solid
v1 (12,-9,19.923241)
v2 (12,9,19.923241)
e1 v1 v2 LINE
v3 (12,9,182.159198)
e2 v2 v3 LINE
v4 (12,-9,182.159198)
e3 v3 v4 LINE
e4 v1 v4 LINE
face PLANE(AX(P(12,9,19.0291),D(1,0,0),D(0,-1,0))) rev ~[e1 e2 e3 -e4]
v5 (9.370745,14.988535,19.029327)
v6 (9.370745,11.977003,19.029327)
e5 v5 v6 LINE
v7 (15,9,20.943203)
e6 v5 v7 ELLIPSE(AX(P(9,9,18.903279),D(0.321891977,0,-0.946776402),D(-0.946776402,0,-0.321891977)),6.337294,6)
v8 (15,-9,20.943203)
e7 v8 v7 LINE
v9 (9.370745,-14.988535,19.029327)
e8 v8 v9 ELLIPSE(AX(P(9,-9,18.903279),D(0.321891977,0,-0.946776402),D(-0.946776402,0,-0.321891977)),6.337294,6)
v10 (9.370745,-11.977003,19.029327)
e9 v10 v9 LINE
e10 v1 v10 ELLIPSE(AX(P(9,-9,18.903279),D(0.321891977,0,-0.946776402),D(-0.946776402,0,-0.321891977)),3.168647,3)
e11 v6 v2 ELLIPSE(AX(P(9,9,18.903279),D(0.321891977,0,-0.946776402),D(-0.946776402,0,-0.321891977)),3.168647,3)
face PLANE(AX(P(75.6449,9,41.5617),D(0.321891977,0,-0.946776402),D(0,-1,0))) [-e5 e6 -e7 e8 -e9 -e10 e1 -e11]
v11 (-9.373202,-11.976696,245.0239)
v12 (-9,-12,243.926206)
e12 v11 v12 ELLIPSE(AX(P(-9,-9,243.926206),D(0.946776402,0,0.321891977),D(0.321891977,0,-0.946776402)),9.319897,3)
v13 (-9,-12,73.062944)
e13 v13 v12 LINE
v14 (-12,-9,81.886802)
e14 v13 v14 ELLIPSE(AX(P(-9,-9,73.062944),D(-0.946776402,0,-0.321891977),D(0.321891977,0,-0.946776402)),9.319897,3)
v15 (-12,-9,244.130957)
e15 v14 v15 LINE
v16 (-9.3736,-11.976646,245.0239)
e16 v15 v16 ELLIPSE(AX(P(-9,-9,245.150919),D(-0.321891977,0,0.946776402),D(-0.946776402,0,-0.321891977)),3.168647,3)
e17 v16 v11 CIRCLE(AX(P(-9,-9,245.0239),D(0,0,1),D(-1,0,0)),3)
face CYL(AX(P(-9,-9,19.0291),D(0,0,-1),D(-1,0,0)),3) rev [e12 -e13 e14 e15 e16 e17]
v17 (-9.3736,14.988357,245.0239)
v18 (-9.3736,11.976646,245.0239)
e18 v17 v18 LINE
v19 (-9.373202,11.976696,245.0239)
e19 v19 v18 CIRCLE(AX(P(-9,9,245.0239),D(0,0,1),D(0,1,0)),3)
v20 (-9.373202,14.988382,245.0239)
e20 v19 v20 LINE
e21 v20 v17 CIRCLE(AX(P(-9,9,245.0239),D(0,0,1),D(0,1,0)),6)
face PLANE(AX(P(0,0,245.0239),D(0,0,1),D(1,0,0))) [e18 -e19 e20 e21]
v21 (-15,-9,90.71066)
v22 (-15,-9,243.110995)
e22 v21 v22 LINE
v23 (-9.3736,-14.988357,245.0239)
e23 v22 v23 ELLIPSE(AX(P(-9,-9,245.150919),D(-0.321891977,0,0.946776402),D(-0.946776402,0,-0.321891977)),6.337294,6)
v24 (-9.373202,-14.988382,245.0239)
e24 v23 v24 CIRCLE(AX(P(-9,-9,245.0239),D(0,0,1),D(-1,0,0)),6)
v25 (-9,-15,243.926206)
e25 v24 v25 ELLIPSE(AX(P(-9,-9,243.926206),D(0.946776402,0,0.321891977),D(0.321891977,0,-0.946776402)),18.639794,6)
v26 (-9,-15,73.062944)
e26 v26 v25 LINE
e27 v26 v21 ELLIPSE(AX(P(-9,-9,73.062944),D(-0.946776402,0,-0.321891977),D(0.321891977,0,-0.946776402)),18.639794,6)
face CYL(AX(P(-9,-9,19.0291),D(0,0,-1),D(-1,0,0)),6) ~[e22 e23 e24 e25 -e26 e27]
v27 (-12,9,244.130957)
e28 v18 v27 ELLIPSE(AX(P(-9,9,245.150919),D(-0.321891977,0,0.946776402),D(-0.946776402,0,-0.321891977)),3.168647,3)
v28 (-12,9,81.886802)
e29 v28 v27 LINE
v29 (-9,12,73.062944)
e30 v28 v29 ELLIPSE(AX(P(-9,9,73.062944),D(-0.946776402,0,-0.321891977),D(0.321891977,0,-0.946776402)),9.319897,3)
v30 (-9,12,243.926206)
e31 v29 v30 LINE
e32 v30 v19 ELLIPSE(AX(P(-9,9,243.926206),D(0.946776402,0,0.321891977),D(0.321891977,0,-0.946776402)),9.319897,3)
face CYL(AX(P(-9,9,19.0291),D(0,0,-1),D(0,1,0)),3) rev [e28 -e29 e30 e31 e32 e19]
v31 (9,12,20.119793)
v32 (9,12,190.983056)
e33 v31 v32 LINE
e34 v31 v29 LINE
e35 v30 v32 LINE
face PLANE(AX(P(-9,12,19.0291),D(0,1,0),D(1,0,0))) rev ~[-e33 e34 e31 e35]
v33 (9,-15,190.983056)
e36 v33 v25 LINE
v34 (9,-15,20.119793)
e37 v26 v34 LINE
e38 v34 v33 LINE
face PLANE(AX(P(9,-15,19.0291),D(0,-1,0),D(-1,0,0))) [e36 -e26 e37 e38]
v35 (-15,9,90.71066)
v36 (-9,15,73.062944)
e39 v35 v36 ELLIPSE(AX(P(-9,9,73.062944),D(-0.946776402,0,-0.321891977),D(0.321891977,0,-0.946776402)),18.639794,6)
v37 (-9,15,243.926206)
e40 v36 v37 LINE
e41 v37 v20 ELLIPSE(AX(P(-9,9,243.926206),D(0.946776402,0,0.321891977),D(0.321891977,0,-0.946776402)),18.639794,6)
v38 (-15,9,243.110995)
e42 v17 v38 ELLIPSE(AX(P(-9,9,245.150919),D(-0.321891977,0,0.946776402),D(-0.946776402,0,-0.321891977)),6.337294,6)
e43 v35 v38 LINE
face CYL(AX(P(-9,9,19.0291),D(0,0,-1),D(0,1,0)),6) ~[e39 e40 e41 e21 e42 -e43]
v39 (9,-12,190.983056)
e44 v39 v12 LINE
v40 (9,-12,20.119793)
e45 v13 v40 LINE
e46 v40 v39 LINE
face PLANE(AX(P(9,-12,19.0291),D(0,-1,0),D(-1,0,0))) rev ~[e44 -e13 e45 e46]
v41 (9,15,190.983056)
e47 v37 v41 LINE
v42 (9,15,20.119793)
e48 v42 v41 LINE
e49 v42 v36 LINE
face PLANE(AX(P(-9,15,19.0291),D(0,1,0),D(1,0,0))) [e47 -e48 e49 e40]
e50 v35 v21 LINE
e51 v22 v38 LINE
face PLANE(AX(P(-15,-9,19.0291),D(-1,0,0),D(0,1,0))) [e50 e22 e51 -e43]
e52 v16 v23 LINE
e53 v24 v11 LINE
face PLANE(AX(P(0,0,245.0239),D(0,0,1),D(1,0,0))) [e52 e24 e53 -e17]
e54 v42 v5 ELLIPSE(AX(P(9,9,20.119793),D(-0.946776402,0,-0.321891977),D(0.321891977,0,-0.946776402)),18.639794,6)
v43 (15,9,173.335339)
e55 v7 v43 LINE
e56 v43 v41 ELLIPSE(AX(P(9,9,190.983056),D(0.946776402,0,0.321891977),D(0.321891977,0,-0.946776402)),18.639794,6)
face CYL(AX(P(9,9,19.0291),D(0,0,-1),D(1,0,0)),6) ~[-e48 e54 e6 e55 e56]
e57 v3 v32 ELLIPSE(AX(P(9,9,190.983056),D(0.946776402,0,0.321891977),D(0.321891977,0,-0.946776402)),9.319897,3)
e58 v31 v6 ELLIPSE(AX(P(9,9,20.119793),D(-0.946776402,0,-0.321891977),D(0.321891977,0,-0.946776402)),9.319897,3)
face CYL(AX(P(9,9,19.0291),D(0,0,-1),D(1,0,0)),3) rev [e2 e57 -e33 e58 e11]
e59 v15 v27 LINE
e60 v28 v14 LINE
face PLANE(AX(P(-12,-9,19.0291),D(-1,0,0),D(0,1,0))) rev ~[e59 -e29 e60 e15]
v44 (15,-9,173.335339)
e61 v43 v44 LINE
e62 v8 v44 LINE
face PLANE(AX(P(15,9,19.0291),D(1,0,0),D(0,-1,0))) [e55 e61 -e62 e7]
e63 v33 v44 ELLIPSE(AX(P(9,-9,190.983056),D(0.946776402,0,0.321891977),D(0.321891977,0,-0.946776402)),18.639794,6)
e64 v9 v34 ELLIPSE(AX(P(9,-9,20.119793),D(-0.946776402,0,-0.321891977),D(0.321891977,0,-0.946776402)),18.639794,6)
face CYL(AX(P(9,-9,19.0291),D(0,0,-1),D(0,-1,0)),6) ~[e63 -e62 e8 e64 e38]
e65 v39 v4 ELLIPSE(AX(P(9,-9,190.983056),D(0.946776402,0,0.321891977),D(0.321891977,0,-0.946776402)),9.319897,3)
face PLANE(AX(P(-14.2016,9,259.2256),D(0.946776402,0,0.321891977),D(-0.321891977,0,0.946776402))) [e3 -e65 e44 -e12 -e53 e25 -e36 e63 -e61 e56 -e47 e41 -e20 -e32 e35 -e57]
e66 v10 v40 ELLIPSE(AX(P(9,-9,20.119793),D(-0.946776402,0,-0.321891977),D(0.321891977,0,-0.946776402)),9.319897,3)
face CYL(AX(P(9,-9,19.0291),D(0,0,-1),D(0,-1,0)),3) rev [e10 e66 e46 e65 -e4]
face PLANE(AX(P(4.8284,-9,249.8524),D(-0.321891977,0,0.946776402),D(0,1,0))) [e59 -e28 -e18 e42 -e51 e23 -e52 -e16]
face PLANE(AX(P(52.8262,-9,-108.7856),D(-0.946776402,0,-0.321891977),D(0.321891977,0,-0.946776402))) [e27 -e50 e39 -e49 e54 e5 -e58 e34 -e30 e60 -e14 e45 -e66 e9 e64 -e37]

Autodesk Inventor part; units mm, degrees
ref_plane "Start Plane" through (0, 0, 19.0291) normal (0, 0, 1) x (1, 0, 0)
ref_plane "End Plane" through (0, 0, 245.024) normal (0, 0, 1) x (1, 0, 0)
sketch "Sketch" plane through (0, 0, 0) normal (0, 0, 1) x (1, 0, 0)
  line L0 (-15, -9) -> (-15, 9)
  line L1 (-9, 15) -> (9, 15)
  line L2 (15, 9) -> (15, -9)
  line L3 (9, -15) -> (-9, -15)
  arc A0 (-15, -9) -> (-9, -15) centre (-9, -9) ccw
  arc A1 (-9, 15) -> (-15, 9) centre (-9, 9) ccw
  arc A2 (15, 9) -> (9, 15) centre (9, 9) ccw
  arc A3 (9, -15) -> (15, -9) centre (9, -9) ccw
  arc A4 (-9, 12) -> (-12, 9) centre (-9, 9) ccw
  line L4 (-9, 12) -> (9, 12)
  arc A5 (12, 9) -> (9, 12) centre (9, 9) ccw
  line L5 (12, 9) -> (12, -9)
  arc A6 (9, -12) -> (12, -9) centre (9, -9) ccw
  line L6 (9, -12) -> (-9, -12)
  arc A7 (-12, -9) -> (-9, -12) centre (-9, -9) ccw
  line L7 (-12, -9) -> (-12, 9)
  line L8 (0, 22.7397) -> (0, -22.7397) construction
  line L9 (-22.7397, 0) -> (22.7397, 0) construction
  dimension "d7" = 6
  dimension "d10" = 30
  dimension "d11" = 30
  dimension "d12" = 3
  dimension "d15" = 15
  dimension "d16" = 15
extrude "Body" add sketch "Sketch" along normal up to surface (225.9948 mm away) from surface at 19.0291
sketch "Sketch3" plane through (0, 0, 0) normal (0, 0, 1) x (1, 0, 0)
  line L0 (0, 0) -> (10, 0)
ref_plane "Work Plane3" through (0, 0, 0) normal (0, -1, 0) x (1, 0, 0)
ref_plane "Work Plane4" through (52.8262, -9, -108.7856) normal (-0.9468, 0, -0.3219) x (-0.3219, 0, 0.9468)
split "Split1" plane through (52.8262, -9, -108.7856) removes the side toward (-0.9468, 0, -0.3219)
ref_plane "Work Plane5" through (75.6449, 9, 41.5617) normal (0.3219, 0, -0.9468) x (-0.9468, 0, -0.3219)
split "Split2" plane through (75.6449, 9, 41.5617) removes the side toward (0.3219, 0, -0.9468)
ref_plane "Work Plane6" through (-14.2016, 9, 259.2256) normal (0.9468, 0, 0.3219) x (0.3219, 0, -0.9468)
split "Split3" plane through (-14.2016, 9, 259.2256) removes the side toward (0.9468, 0, 0.3219)
ref_plane "Work Plane7" through (4.8284, -9, 249.8524) normal (-0.3219, 0, 0.9468) x (0.9468, 0, 0.3219)
split "Split4" plane through (4.8284, -9, 249.8524) removes the side toward (-0.3219, 0, 0.9468)
sketch "Sketch4" plane through (0, 0, 0) normal (0, -1, 0) x (1, 0, 0)
  line L0 (-2, 19.0291) -> (12, 19.0291) projected
  line L1 (-2, 245.024) -> (12, 245.024) projected
  dimension "d18" = 225.9948
equation "\"d7\" = G_IR"
equation "\"d10\" = G_H"
equation "\"d11\" = G_W"
equation "\"d12\" = G_T"
equation "\"d15\" = 0.5 * d10"
equation "\"d16\" = 0.5 * d11"
equation "\"d3\" = G_L"
equation "\"G_W\" = 30"
equation "\"G_H\" = 30"
equation "\"G_T\" = 3"
equation "\"G_IR\" = 6"
equation "\"G_L\" = d18"
equation "\"G_OFFSET_START\" = -19.02914"
equation "\"G_OFFSET_END\" = -19.03004"
equation "\"d13\" = -G_OFFSET_START"
equation "\"d14\" = G_OFFSET_END + B_L"
equation "\"B_L\" = 264.05402"
properties part number "DIN EN 10219-2 - 30 x 30 x 3  - 225.99" material "Steel, Mild"
